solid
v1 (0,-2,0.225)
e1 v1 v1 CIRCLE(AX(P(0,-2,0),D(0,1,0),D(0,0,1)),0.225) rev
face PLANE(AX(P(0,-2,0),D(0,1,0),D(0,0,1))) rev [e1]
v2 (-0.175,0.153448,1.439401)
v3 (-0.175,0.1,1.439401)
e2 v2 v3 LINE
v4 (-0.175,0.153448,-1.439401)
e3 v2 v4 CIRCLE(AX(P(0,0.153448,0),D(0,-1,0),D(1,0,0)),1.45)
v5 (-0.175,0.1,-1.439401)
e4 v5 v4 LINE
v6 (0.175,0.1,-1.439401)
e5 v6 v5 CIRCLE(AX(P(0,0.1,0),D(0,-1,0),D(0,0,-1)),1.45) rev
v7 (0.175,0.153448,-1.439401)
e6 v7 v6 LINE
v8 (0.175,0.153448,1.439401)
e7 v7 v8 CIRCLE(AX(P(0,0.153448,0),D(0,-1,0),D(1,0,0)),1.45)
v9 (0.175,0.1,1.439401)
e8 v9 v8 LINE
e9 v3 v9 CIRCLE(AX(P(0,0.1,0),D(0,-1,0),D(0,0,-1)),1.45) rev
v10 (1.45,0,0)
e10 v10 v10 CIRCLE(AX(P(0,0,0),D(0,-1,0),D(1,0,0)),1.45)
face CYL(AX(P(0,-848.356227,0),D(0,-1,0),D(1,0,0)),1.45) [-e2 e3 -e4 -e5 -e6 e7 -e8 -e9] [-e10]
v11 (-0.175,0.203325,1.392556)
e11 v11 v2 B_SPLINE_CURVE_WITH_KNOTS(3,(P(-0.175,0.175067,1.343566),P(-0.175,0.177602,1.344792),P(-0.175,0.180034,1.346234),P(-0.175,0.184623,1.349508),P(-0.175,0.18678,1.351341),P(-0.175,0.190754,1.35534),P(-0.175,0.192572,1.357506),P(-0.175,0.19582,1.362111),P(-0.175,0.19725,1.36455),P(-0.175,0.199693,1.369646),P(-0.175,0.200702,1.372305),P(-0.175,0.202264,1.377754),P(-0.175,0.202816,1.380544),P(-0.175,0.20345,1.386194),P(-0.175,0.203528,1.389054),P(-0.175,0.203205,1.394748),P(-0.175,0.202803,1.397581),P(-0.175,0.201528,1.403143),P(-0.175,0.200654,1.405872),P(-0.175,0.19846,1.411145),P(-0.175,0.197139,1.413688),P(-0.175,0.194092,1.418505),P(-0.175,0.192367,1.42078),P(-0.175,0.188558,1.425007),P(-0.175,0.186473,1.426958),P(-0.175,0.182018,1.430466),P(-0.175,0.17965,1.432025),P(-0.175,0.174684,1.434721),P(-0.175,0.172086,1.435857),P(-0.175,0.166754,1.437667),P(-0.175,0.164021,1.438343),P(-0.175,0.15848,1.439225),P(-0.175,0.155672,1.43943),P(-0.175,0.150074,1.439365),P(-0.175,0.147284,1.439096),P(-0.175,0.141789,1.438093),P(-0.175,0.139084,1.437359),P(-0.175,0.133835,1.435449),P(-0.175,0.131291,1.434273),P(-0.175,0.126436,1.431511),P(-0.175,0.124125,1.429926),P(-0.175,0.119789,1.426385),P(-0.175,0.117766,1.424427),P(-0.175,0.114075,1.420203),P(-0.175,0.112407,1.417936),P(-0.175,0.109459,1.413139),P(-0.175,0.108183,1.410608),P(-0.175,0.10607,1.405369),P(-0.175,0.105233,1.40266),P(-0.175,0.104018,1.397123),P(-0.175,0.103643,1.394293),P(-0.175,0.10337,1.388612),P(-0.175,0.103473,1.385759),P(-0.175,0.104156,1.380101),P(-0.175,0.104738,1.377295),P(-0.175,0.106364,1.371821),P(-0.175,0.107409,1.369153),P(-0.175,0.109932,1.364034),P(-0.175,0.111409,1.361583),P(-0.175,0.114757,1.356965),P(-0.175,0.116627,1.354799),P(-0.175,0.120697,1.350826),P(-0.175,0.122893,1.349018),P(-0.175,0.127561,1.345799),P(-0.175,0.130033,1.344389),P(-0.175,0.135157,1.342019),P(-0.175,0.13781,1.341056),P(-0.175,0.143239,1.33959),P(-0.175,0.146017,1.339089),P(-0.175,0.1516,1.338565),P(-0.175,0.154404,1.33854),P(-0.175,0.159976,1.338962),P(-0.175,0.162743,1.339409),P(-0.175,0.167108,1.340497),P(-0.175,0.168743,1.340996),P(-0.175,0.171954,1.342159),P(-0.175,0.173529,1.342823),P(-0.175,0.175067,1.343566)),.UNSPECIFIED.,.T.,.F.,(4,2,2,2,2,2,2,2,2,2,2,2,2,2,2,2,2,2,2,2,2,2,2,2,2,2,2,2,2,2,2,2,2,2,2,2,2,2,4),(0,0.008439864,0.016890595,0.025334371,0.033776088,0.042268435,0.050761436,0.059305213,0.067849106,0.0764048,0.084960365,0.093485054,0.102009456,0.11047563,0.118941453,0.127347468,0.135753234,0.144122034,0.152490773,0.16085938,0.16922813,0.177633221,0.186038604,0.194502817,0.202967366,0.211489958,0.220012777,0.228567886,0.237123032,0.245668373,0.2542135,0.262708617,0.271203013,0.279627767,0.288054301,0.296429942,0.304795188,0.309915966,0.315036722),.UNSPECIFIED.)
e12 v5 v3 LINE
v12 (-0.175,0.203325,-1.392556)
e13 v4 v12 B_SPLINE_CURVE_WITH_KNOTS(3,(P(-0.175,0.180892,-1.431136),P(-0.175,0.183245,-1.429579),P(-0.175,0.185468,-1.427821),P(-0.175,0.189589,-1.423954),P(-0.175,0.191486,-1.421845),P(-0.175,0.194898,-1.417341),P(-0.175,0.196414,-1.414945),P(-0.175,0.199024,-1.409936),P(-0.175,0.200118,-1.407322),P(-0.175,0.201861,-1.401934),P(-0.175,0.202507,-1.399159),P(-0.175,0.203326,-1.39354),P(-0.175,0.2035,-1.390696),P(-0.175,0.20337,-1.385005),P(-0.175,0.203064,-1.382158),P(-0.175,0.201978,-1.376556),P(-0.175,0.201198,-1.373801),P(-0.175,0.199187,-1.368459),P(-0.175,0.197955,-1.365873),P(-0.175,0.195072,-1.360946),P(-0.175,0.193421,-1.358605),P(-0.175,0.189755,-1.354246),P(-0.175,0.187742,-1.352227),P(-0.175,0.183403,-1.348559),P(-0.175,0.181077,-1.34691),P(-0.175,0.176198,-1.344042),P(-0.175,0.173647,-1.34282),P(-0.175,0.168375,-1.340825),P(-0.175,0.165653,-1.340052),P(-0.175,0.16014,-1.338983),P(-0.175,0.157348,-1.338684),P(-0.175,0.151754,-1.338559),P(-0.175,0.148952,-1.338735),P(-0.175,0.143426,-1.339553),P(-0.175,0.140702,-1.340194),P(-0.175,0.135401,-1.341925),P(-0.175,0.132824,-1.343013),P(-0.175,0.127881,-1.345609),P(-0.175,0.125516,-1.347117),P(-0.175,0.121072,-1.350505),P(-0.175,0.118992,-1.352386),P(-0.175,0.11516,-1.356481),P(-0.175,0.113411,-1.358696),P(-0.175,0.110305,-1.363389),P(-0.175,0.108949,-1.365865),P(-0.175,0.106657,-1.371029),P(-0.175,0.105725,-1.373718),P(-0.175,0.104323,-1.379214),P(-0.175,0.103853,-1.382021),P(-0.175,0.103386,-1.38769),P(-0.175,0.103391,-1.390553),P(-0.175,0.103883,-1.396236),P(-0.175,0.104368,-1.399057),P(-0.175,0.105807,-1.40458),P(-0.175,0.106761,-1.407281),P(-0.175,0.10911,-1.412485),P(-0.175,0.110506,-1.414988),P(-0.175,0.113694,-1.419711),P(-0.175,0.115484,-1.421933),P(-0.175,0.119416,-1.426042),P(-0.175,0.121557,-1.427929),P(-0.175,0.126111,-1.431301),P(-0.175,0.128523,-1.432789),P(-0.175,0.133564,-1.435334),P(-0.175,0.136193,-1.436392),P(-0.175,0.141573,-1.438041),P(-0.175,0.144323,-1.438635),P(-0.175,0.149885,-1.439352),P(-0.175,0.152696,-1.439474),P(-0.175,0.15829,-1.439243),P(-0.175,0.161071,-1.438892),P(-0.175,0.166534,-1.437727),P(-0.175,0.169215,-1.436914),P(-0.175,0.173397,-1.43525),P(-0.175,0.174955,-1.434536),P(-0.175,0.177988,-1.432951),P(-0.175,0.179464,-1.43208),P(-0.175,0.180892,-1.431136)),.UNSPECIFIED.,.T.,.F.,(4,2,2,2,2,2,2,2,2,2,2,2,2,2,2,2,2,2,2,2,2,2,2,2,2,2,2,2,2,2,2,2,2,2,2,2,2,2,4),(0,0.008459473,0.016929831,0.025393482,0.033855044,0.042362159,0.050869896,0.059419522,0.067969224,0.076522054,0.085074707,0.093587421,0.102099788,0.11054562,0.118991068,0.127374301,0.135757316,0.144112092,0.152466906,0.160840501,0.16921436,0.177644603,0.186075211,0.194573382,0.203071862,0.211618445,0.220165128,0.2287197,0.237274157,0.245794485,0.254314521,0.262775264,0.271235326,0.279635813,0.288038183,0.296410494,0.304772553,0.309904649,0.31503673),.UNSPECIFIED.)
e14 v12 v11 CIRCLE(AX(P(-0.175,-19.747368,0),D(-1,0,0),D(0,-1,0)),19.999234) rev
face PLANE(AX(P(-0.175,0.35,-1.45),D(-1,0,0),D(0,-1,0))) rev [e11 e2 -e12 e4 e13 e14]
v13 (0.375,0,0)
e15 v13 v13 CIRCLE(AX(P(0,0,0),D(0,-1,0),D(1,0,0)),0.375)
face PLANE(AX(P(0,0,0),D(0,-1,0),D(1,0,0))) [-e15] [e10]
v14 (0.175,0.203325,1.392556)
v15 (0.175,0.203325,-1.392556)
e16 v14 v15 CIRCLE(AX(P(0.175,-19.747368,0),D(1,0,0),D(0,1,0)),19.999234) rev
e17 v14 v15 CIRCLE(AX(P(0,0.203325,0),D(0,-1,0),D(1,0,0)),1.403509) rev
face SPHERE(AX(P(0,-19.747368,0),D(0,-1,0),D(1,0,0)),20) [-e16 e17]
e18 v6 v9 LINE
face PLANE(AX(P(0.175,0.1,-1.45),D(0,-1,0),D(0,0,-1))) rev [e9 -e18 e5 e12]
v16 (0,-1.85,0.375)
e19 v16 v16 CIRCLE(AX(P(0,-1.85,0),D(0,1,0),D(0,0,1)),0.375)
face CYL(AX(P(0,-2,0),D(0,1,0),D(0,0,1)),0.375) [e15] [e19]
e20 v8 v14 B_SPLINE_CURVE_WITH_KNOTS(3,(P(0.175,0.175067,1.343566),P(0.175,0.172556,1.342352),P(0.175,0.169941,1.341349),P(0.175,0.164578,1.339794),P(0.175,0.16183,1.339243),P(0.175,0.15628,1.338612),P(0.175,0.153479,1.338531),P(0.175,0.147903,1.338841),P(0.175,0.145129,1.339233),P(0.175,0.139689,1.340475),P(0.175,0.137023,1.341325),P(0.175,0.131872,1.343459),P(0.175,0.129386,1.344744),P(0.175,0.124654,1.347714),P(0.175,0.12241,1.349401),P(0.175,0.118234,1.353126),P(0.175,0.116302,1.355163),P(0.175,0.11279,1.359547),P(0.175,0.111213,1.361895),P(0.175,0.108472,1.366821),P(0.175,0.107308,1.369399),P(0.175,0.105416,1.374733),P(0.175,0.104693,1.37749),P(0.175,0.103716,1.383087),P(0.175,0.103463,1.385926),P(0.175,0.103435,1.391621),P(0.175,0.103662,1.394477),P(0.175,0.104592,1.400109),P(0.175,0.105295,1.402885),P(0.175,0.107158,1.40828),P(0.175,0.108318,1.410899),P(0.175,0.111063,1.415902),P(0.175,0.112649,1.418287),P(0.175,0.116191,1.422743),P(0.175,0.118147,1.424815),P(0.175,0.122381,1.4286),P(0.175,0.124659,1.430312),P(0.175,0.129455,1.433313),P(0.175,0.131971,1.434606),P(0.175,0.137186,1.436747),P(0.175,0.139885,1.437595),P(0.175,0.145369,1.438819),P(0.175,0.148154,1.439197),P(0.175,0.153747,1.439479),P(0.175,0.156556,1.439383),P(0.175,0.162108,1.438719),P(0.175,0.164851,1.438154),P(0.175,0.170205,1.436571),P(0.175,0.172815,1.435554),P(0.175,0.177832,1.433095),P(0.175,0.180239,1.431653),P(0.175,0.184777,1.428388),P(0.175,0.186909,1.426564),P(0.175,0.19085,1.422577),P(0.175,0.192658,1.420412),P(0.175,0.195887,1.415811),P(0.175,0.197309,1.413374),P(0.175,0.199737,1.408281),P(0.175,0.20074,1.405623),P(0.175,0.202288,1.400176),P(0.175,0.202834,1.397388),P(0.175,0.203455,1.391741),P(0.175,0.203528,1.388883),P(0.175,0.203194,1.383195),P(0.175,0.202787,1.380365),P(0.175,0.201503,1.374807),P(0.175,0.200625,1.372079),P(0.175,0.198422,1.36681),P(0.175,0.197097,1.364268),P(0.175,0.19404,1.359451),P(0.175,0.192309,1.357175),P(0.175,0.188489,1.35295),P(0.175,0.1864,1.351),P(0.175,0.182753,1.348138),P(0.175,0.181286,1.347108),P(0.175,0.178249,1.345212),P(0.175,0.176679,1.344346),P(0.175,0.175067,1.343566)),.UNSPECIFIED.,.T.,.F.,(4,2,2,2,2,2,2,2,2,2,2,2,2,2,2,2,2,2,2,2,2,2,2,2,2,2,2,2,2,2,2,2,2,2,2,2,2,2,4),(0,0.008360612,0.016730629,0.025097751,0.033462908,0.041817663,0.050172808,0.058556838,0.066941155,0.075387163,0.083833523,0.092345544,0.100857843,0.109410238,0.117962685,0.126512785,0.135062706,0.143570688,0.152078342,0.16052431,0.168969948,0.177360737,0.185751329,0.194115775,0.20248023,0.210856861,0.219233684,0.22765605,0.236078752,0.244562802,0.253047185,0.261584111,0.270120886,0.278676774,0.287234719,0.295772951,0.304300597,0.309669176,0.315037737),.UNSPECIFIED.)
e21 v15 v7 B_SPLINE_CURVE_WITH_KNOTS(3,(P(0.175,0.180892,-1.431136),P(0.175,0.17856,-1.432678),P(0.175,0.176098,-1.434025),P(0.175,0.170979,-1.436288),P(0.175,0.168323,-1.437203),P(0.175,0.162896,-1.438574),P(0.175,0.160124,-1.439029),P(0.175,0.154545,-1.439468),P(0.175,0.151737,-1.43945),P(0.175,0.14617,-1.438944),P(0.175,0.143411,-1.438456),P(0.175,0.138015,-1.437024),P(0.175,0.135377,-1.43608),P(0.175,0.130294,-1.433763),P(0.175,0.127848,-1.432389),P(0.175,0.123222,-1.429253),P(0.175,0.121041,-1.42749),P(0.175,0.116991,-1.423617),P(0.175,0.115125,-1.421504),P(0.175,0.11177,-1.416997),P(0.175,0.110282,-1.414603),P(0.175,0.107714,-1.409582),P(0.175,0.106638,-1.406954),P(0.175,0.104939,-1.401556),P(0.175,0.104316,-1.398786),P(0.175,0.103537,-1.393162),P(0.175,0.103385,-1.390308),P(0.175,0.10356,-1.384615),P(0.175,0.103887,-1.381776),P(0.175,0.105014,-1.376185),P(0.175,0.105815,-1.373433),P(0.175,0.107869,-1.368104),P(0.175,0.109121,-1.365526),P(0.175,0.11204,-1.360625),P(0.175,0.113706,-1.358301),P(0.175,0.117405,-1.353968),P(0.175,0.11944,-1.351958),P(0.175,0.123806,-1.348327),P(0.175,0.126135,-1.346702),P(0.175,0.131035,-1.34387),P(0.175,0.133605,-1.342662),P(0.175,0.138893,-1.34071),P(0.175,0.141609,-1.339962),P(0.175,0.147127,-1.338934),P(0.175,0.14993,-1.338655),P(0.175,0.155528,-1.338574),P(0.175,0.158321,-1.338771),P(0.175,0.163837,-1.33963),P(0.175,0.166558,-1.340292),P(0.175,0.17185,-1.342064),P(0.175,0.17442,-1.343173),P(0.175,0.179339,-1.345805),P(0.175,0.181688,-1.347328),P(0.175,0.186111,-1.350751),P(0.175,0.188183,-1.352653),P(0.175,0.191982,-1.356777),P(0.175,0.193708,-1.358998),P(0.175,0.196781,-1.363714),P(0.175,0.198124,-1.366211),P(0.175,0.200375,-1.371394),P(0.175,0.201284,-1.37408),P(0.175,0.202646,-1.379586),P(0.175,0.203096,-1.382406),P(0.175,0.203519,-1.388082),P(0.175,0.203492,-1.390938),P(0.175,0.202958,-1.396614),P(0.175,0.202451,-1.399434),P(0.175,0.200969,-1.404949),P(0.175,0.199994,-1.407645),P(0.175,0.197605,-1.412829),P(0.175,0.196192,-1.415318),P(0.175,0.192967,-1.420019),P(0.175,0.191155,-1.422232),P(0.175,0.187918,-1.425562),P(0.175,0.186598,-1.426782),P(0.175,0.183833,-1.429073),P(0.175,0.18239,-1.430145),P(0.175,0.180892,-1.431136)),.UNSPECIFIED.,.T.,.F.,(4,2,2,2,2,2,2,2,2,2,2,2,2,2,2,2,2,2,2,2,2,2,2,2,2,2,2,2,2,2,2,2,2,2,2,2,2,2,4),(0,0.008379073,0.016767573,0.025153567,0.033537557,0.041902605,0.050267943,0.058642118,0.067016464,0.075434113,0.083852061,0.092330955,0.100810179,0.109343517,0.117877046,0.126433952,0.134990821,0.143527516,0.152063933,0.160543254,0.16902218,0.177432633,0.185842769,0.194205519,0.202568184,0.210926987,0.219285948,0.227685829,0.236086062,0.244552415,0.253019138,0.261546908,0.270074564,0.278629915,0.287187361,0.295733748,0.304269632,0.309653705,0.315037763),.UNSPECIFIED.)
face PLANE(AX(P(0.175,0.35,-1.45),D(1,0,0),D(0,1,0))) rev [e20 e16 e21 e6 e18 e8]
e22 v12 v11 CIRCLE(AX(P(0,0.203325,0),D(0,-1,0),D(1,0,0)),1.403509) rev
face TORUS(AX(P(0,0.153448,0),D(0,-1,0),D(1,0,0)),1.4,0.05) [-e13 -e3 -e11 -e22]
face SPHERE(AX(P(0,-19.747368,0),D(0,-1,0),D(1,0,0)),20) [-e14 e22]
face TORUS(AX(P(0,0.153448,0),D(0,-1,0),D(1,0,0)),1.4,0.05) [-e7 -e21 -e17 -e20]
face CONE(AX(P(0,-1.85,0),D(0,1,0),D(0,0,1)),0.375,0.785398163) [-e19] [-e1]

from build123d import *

# Parameters (mm, degrees)
SKETCH2_R               = 0.375
BOSS_EXTRUDE2_DEPTH     = 2
FILLET1_R               = 0.05
CHAMFER2_SIZE           = 0.15
CUT_EXTRUDE1_DEPTH      = 2.4500001
CUT_EXTRUDE1_DEPTH_BACK = 2.4500001


with BuildPart() as part:
    # Sketch4 → Revolve1 (revolve)
    with BuildSketch(Plane.XY):
        with BuildLine():
            Line((0, 0), (1.45, 0))
            Line((1.45, 0), (1.45, 0.2))
            ThreePointArc((1.45, 0.2), (0.725477446, 0.239469483), (0, 0.252631753))
            Line((0, 0.252631753), (0, 0))
        make_face()
    revolve(axis=Axis((0, -848.356227188, 0), (0, 1, 0)))

    # Sketch2 → Boss-Extrude2 (add)
    with BuildSketch(Plane(origin=(0, 0, 0), x_dir=(1, 0, 0), z_dir=(0, 1, 0))):
        Circle(SKETCH2_R)
    extrude(amount=-BOSS_EXTRUDE2_DEPTH)

    # Fillet1
    fillet1_edges = [part.edges().sort_by_distance(p)[0] for p in [
        (-1.45, 0.2, 0),
    ]]
    fillet(fillet1_edges, radius=FILLET1_R)

    # Chamfer2
    chamfer2_edges = [part.edges().sort_by_distance(p)[0] for p in [
        (-0.375, -2, 0),
    ]]
    chamfer(chamfer2_edges, length=CHAMFER2_SIZE)

    # Sketch3 → Cut-Extrude1 (cut, two sides)
    with BuildSketch(Plane.XY) as cut_extrude1_sk:
        Polygon((-0.175, 0.35), (0, 0.35), (0.175, 0.35), (0.175, 0.1), (0, 0.1), (-0.175, 0.1), align=None)
    extrude(amount=CUT_EXTRUDE1_DEPTH, mode=Mode.SUBTRACT)
    extrude(cut_extrude1_sk.sketch, amount=-CUT_EXTRUDE1_DEPTH_BACK, mode=Mode.SUBTRACT)


solid = part.part
